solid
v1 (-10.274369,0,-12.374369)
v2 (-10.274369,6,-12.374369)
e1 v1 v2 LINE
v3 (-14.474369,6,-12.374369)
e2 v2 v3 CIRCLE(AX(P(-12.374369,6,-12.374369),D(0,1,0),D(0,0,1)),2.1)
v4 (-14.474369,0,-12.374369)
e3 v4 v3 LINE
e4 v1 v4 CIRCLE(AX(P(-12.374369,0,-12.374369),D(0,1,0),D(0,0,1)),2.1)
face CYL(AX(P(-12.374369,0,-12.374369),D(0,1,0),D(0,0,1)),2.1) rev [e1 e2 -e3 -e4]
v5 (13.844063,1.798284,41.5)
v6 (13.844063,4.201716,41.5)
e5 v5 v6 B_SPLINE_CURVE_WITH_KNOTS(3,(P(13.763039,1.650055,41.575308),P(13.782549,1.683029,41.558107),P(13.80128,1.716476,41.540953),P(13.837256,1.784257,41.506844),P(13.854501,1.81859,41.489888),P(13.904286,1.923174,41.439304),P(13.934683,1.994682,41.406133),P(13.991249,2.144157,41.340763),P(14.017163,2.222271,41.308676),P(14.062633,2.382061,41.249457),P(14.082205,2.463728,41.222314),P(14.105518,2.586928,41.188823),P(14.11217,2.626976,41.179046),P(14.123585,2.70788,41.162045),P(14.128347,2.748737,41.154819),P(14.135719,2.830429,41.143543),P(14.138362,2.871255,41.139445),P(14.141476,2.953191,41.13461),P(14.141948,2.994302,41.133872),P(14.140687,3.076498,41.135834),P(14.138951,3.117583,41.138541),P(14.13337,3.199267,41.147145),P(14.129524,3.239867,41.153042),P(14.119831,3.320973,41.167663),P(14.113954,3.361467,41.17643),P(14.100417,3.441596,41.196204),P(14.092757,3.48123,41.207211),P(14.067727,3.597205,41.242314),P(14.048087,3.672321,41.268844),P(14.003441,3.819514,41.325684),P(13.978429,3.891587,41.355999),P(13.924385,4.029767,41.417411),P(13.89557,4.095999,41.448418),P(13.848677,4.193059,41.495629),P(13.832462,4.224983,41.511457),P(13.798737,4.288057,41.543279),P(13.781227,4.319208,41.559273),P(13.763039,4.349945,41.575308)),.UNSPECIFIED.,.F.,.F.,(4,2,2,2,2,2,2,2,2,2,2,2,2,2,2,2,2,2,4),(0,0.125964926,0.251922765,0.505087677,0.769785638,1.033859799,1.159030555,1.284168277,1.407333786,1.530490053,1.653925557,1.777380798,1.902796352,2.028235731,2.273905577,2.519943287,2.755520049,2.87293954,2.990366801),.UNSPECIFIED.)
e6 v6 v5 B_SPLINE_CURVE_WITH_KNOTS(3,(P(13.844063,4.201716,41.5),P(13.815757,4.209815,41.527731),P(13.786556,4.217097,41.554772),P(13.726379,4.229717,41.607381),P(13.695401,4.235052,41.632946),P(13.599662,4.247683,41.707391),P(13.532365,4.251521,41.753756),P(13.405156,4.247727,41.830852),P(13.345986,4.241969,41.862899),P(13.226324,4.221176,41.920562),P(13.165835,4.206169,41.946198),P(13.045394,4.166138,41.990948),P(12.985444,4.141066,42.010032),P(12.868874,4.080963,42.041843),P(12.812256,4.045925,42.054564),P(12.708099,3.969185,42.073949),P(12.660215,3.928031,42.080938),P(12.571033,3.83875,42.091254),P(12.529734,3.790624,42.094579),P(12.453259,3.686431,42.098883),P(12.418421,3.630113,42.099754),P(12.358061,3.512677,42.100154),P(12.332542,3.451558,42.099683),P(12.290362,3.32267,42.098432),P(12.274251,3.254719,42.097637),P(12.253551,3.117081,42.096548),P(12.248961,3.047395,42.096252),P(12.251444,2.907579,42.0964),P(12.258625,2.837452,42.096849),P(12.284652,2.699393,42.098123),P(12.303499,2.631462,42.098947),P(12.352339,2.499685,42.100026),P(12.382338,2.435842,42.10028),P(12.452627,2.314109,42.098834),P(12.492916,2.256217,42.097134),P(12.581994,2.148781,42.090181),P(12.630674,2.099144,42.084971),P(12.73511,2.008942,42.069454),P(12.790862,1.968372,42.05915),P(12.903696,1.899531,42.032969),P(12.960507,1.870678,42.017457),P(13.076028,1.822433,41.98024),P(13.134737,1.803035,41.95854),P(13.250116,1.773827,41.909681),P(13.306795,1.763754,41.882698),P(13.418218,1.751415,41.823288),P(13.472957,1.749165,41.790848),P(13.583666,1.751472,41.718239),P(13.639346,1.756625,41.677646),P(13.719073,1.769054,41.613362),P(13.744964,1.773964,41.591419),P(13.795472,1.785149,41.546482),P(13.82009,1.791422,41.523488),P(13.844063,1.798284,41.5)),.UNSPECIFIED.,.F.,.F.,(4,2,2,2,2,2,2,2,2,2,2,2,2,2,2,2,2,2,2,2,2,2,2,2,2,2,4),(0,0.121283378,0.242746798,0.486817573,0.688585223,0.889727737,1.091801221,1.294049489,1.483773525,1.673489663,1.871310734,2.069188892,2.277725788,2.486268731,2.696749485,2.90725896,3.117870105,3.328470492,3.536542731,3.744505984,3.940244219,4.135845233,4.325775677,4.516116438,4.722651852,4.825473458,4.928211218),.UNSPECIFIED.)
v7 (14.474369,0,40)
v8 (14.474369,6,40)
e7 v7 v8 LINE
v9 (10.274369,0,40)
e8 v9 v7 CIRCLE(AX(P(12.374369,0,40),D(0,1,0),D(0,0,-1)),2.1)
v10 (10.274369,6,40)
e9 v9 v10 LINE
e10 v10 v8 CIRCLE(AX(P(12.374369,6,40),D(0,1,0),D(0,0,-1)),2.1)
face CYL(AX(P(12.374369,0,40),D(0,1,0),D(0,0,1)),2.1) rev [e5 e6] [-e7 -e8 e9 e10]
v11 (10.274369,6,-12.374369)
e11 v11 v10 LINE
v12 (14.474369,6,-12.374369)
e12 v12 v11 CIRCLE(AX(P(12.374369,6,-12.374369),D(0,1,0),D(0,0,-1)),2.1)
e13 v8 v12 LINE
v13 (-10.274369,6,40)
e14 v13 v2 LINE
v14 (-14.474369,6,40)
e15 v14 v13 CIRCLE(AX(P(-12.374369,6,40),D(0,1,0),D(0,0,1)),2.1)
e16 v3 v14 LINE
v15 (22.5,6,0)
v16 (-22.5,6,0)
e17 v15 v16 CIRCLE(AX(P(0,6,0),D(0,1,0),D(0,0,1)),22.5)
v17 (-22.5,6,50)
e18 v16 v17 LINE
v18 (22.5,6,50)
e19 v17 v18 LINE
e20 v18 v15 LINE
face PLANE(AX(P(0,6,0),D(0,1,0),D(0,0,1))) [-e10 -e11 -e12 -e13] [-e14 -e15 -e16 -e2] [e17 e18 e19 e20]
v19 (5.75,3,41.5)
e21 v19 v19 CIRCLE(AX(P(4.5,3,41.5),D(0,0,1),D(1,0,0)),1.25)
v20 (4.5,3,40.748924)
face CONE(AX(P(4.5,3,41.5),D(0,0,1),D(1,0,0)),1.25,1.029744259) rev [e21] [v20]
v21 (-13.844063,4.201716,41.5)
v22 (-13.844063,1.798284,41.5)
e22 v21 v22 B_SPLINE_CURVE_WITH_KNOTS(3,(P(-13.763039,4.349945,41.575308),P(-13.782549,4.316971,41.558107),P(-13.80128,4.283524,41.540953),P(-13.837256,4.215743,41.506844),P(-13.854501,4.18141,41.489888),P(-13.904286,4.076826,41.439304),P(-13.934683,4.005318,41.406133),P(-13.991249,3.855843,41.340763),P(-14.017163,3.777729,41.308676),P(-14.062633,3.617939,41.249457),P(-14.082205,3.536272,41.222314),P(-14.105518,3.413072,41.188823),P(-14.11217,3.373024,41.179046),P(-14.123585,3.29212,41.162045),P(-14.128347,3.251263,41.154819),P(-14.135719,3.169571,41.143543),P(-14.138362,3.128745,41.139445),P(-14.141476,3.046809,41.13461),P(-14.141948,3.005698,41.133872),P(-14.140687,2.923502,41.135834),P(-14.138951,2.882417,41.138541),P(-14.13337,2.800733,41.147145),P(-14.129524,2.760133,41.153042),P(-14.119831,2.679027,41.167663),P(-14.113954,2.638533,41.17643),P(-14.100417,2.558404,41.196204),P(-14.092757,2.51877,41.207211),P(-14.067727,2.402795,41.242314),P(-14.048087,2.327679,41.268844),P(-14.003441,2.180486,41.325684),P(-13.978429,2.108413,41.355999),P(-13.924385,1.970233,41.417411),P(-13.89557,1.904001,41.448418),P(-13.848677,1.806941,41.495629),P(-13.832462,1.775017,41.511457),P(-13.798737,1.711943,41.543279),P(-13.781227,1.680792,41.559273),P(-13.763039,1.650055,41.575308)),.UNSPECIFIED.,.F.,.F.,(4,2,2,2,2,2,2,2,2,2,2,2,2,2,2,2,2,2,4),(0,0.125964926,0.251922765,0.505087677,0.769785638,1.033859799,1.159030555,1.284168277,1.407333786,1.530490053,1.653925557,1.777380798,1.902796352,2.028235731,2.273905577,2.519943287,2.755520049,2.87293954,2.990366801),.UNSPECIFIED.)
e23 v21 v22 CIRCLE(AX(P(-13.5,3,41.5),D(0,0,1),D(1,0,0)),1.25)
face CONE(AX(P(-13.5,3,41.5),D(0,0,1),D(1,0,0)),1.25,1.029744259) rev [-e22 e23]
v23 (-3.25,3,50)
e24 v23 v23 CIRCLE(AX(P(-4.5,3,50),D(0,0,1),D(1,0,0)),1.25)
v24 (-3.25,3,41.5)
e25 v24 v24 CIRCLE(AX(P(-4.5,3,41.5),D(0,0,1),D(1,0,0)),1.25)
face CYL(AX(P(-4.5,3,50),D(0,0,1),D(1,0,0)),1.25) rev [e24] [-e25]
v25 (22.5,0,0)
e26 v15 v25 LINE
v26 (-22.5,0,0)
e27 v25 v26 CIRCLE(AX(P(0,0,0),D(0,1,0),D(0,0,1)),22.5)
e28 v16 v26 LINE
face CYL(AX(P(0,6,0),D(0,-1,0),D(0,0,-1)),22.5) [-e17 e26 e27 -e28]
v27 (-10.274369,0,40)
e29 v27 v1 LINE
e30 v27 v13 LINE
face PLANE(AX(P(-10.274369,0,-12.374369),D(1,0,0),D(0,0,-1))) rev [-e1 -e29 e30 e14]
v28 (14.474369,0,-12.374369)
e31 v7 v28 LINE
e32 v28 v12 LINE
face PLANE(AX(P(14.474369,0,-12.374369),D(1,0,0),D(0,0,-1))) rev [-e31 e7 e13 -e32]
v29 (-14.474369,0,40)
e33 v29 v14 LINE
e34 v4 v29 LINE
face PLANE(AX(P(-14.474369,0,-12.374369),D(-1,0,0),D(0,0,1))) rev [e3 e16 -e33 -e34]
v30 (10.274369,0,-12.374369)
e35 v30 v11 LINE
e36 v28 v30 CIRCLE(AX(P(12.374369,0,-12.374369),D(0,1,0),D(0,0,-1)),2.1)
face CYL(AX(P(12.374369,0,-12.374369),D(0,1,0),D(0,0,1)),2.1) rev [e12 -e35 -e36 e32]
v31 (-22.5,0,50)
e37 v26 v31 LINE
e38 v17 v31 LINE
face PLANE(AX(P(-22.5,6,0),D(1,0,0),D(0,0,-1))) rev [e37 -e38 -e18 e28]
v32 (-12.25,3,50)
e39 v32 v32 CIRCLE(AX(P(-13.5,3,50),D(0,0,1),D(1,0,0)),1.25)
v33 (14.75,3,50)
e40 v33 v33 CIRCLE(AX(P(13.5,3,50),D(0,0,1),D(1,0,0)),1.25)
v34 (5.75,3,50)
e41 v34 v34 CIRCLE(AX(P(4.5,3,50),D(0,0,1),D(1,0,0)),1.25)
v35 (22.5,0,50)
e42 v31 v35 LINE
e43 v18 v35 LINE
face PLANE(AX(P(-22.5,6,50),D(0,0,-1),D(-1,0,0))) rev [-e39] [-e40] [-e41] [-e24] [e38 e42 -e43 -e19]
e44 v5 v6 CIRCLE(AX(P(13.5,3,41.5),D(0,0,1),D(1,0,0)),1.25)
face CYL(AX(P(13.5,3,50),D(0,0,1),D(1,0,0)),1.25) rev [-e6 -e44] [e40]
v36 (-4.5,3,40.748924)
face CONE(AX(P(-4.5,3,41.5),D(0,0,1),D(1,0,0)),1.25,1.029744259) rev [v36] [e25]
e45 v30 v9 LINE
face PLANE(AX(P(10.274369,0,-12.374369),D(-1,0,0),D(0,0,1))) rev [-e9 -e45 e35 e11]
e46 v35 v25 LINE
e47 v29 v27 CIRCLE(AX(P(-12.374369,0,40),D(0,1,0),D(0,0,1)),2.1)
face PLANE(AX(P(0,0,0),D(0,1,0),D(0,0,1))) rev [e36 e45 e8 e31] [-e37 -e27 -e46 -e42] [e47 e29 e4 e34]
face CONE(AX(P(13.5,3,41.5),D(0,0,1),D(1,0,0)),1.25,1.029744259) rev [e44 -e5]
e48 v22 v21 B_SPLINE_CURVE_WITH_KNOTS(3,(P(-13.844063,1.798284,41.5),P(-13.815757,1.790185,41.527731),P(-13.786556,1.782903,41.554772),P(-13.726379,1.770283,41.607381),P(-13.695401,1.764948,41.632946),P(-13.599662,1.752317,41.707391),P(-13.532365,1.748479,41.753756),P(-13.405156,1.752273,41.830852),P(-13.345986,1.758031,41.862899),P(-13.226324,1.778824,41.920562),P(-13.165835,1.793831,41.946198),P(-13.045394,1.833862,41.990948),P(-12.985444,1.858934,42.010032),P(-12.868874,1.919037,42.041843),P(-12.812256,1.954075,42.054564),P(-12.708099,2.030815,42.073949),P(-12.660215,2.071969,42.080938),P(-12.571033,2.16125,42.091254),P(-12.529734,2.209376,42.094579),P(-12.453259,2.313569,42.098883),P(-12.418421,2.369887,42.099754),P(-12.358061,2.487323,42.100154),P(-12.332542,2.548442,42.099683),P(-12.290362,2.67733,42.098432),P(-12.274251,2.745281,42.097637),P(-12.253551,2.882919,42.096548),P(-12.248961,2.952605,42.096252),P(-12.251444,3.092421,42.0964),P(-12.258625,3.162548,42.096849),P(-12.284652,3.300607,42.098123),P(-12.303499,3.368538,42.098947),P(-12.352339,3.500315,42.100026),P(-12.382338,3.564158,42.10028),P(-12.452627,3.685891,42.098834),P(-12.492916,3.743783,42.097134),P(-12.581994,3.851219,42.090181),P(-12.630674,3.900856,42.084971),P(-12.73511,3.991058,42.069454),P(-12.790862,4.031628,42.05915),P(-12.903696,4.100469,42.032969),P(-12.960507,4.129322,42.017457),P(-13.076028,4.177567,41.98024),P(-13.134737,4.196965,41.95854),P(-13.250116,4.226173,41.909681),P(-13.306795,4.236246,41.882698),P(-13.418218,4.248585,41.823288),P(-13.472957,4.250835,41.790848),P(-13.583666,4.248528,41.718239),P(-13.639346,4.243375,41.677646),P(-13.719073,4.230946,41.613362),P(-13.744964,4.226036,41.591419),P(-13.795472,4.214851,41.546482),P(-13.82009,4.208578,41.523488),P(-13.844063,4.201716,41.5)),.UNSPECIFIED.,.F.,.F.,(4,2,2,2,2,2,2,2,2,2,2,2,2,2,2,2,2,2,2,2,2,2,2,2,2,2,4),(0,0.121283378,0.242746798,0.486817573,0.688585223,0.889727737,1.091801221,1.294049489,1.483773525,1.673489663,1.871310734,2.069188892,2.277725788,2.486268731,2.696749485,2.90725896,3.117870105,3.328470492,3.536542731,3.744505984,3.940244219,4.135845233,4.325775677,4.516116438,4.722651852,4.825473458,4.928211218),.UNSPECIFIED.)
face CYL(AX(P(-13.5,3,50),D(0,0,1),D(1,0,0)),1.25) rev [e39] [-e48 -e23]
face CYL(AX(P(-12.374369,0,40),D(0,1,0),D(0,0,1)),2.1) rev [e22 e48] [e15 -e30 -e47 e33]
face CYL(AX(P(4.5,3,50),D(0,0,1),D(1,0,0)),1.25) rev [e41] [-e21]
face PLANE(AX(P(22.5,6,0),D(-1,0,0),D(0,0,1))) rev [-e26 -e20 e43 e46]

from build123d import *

# Parameters (mm, degrees)
EXTRUDE_1_DEPTH     = 6
CUT_EXTRUDE_1_DEPTH = 56.156595254
M3X0_51_D           = 2.5
M3X0_51_DEPTH       = 8.5
M3X0_51_TIP         = 0.751075774


with BuildPart() as part:
    # Эскиз1 → Бобышка-Вытянуть1 (new body)
    with BuildSketch(Plane(origin=(0, 0, 0), x_dir=(1, 0, 0), z_dir=(0, 1, 0))):
        with BuildLine():
            Line((-22.5, 0), (-22.5, -50))
            Line((-22.5, -50), (22.5, -50))
            Line((22.5, -50), (22.5, 0))
            ThreePointArc((22.5, 0), (0, 22.5), (-22.5, 0))
        make_face()
    extrude(amount=EXTRUDE_1_DEPTH)

    # Эскиз2 → Вырез-Вытянуть1 (cut, through all)
    with BuildSketch(Plane(origin=(0, 6, 0), x_dir=(1, 0, 0), z_dir=(0, 1, 0))):
        with BuildLine():
            Line((-10.274368671, 12.374368671), (-10.274368671, -40))
            ThreePointArc((-10.274368671, -40), (-12.374368671, -42.1), (-14.474368671, -40))
            Line((-14.474368671, -40), (-14.474368671, 12.374368671))
            ThreePointArc((-14.474368671, 12.374368671), (-12.374368671, 14.474368671), (-10.274368671, 12.374368671))
        make_face()
        with BuildLine():
            Line((10.274368671, 12.374368671), (10.274368671, -40))
            ThreePointArc((10.274368671, -40), (12.374368671, -42.1), (14.474368671, -40))
            Line((14.474368671, -40), (14.474368671, 12.374368671))
            ThreePointArc((14.474368671, 12.374368671), (12.374368671, 14.474368671), (10.274368671, 12.374368671))
        make_face()
    extrude(amount=-CUT_EXTRUDE_1_DEPTH, mode=Mode.SUBTRACT)

    # Отверстие обработанное метчиком M3x0.51
    with Locations(Plane.XY.offset(50)):
        with Locations((-13.5, 3), (-4.5, 3), (4.5, 3), (13.5, 3)):
            Hole(M3X0_51_D / 2, depth=M3X0_51_DEPTH)
            with Locations((0, 0, -(M3X0_51_DEPTH + M3X0_51_TIP / 2))):  # 118° drill point
                Cone(0, M3X0_51_D / 2, M3X0_51_TIP, mode=Mode.SUBTRACT)


solid = part.part
